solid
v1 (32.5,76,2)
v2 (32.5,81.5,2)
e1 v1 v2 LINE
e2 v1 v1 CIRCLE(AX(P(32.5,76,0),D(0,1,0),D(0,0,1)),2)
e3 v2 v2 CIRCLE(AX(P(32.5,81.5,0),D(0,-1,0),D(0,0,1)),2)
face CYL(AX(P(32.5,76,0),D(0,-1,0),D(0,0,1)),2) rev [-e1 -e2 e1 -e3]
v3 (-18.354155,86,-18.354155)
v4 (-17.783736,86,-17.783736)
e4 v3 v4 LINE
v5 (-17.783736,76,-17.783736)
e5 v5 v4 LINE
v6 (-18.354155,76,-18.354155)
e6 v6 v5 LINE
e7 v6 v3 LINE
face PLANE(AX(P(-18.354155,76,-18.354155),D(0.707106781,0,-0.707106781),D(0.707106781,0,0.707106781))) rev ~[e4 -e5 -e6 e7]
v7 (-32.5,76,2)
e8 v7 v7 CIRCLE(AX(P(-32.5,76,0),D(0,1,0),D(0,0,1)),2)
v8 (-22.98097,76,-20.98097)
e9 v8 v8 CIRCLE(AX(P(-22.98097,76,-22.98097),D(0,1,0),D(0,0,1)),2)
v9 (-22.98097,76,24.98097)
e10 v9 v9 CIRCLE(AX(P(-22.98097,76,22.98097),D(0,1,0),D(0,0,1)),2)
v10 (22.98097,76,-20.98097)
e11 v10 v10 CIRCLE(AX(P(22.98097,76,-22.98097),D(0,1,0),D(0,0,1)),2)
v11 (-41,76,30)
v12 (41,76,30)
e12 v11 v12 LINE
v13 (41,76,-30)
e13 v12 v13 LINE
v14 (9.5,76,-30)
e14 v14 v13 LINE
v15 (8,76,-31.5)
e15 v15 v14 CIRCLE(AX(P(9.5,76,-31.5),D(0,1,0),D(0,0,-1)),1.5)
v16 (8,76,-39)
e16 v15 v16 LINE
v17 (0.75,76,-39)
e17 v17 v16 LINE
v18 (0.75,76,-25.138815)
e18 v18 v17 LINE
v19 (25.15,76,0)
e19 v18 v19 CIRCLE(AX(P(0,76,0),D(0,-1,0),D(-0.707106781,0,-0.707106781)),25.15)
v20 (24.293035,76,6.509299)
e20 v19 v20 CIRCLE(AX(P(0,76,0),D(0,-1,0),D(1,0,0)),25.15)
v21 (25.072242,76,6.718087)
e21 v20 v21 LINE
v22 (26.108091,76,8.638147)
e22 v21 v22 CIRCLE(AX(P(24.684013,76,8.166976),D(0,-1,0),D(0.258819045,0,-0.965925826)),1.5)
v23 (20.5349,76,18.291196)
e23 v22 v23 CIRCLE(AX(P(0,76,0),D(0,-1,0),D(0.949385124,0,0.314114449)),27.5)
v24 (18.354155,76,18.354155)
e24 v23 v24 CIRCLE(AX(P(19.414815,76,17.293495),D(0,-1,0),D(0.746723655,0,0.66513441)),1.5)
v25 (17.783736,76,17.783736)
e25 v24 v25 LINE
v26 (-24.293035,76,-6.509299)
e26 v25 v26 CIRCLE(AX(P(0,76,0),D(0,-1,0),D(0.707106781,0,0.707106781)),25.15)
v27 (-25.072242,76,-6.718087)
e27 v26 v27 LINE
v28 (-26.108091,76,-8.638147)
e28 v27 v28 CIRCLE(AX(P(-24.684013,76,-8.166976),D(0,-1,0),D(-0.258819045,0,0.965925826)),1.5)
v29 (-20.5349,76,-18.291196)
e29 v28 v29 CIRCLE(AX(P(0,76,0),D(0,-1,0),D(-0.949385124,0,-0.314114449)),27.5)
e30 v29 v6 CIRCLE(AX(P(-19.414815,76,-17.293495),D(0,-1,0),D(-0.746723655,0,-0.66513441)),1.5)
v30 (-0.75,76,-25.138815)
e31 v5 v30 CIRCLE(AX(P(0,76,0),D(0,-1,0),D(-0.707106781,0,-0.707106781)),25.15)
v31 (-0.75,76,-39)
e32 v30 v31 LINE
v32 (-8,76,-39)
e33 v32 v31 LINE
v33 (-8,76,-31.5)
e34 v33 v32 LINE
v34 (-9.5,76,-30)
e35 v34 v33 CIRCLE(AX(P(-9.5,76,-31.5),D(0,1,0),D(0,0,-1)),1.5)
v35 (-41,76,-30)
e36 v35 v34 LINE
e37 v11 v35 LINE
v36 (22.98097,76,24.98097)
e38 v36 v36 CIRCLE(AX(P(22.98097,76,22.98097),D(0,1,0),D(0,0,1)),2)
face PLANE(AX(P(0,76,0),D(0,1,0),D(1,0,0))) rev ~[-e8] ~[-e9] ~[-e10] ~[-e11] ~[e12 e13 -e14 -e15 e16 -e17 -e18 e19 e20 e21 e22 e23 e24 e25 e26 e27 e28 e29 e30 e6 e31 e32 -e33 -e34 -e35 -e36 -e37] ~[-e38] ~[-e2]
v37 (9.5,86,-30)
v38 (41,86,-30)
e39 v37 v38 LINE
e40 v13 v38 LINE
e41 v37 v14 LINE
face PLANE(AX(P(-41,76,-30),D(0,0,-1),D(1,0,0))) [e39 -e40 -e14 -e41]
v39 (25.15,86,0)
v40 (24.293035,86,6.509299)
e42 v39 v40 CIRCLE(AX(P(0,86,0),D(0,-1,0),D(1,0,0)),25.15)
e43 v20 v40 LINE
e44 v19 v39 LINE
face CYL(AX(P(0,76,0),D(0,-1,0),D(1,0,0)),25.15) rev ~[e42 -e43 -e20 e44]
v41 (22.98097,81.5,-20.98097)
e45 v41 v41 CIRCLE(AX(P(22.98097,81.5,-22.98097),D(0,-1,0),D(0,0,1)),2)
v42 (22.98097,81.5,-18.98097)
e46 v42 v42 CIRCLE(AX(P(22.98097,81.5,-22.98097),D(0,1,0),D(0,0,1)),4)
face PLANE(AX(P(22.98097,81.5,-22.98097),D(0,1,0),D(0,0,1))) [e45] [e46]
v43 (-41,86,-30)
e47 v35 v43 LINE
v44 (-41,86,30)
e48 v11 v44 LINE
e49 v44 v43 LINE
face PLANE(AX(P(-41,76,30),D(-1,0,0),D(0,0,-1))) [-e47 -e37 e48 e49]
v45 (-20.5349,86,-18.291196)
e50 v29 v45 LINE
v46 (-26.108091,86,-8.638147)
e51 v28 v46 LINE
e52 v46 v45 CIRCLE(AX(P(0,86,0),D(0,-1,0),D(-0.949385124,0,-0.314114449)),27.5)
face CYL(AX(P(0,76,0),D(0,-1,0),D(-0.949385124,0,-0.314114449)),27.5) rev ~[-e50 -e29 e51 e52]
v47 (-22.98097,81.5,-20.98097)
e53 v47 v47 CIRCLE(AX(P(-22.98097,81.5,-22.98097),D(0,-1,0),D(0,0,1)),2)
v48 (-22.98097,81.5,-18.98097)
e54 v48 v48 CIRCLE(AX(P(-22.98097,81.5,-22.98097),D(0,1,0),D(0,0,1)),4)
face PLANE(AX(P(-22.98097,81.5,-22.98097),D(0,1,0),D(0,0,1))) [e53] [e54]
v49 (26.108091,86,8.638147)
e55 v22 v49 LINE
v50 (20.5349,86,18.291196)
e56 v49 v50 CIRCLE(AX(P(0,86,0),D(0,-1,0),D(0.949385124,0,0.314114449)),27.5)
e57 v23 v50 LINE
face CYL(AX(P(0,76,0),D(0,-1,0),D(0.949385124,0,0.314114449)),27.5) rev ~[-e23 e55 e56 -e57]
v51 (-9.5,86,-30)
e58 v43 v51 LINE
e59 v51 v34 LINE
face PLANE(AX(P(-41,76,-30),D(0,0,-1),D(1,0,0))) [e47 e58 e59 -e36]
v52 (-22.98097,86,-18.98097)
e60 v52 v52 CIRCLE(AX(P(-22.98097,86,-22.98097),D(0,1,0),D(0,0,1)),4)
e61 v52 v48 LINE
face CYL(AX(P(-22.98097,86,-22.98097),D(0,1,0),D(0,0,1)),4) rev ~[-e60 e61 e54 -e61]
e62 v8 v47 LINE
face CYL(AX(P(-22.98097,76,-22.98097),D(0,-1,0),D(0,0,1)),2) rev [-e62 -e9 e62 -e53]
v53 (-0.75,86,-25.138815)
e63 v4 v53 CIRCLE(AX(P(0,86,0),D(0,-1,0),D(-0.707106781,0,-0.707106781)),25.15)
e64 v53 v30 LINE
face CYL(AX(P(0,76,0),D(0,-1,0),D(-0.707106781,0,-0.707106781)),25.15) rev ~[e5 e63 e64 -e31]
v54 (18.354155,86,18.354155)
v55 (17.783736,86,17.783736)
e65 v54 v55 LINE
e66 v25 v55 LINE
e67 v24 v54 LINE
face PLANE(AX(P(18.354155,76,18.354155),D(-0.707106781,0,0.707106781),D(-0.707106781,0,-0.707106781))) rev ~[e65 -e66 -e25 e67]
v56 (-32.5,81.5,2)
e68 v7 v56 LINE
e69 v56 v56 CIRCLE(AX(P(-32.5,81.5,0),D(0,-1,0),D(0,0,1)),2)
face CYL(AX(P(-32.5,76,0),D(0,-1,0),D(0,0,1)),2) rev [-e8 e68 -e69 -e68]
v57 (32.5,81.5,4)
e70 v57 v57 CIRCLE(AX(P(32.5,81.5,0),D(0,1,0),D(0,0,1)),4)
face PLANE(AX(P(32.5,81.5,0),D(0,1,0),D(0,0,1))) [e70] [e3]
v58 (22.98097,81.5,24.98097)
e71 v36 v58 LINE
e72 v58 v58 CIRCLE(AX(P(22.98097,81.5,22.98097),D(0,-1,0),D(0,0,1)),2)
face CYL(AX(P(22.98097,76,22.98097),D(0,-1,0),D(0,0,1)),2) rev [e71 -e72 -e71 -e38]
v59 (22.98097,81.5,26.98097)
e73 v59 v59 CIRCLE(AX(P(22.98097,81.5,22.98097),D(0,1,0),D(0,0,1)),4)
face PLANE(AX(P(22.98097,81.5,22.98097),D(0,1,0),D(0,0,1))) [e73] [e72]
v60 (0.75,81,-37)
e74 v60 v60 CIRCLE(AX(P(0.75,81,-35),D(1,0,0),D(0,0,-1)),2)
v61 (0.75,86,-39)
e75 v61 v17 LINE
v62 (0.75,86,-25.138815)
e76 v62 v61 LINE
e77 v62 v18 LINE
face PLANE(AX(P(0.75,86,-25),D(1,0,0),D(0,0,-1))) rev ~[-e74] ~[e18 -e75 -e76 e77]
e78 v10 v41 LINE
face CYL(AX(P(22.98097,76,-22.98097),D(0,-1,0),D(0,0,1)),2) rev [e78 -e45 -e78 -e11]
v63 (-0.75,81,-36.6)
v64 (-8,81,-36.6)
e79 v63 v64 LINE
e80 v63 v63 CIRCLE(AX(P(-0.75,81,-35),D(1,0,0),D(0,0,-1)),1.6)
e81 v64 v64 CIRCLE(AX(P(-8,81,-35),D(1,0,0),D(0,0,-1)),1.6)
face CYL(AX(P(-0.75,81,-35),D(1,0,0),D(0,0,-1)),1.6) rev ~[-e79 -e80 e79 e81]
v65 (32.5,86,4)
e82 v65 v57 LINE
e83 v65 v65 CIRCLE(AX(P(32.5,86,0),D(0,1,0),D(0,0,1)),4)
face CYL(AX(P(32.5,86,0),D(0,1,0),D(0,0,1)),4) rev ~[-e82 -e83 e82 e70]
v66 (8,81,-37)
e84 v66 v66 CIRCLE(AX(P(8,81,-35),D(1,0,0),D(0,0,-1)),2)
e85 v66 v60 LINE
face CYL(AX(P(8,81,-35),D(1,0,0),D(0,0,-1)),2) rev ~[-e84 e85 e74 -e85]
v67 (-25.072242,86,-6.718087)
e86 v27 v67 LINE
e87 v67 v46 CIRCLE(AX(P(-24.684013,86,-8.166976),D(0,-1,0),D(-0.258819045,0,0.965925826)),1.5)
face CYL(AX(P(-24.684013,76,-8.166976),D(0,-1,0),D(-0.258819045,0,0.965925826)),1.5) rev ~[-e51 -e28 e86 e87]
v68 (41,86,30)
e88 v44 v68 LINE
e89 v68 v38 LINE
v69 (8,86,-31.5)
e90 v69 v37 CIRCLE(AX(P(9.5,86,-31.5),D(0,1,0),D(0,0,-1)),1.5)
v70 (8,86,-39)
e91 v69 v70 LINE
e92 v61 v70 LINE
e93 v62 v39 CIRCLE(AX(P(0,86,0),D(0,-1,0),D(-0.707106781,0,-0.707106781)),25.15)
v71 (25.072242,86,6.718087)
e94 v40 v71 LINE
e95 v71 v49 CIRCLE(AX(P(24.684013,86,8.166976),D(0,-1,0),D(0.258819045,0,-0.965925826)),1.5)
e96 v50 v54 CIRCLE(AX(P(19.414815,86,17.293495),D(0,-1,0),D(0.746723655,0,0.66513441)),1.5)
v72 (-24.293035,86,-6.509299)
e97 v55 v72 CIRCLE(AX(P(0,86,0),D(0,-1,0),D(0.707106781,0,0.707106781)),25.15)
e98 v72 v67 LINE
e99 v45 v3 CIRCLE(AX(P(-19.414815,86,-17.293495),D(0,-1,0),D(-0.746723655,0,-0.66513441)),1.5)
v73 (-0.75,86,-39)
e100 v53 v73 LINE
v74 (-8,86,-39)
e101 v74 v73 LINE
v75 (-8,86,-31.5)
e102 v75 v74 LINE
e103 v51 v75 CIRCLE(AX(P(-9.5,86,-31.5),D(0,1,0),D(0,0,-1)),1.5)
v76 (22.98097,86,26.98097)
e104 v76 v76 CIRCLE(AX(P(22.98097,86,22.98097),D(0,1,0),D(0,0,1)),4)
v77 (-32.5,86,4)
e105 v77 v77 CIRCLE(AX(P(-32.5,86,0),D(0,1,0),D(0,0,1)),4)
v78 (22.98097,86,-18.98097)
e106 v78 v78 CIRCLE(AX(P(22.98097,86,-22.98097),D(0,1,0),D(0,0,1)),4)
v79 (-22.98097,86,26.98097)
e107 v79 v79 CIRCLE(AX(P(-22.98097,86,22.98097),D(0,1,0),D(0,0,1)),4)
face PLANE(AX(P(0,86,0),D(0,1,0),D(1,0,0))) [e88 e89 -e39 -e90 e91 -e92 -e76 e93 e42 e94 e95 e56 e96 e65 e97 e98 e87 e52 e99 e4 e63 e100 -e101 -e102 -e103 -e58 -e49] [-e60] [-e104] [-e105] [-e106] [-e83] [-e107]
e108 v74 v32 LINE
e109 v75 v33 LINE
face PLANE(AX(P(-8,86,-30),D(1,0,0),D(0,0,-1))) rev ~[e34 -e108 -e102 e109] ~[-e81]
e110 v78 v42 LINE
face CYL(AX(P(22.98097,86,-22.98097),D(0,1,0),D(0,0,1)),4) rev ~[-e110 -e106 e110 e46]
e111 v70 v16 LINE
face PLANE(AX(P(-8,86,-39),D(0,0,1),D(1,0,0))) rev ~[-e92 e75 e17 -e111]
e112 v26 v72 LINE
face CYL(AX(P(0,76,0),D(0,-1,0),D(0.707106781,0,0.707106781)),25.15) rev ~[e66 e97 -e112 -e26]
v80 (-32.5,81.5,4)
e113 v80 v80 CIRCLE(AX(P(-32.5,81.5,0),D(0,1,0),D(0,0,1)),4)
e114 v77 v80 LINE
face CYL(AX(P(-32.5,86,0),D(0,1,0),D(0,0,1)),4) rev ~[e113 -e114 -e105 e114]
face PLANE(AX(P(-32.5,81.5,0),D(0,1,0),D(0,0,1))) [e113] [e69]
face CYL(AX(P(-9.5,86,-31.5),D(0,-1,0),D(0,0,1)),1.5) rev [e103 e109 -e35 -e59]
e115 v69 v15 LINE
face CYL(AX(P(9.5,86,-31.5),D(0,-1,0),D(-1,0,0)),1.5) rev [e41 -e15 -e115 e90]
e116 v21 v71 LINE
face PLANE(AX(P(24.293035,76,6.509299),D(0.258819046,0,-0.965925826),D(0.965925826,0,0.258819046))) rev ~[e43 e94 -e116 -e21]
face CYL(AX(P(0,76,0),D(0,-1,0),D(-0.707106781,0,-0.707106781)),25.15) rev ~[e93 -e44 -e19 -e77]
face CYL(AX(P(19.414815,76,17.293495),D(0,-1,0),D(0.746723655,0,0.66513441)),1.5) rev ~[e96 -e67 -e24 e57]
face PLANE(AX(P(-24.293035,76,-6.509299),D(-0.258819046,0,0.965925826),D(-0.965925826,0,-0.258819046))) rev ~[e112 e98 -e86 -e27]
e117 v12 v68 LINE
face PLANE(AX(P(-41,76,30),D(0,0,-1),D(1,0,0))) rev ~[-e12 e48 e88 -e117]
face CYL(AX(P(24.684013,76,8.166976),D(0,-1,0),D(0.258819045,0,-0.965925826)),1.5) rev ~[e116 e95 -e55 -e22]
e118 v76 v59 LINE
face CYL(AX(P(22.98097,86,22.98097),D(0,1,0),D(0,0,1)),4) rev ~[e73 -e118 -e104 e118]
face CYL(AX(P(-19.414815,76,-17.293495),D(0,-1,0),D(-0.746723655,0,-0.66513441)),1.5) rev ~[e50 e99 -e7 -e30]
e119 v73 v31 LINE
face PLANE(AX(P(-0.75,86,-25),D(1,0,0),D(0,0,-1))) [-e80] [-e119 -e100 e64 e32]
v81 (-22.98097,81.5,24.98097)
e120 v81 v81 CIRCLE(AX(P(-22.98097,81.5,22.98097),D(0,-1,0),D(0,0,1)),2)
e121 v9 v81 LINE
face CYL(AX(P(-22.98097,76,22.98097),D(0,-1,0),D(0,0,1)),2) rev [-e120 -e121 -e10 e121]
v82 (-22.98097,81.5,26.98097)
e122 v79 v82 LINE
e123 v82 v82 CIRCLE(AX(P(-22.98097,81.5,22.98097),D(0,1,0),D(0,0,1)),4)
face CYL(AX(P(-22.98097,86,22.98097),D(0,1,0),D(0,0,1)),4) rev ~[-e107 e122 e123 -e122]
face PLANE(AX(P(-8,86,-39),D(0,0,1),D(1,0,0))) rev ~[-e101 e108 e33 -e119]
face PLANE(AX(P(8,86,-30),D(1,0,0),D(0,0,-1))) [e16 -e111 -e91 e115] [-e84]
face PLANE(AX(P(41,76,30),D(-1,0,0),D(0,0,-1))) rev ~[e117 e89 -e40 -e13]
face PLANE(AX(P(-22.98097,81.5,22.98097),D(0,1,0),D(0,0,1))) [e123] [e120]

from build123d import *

# Parameters (mm, degrees)
SKETCH1_W           = 82
SKETCH1_H           = 60
SKETCH1_R           = 1.999999999
SKETCH1_R_2         = 2.000000001
SKETCH1_R_3         = 1.999999998
SKETCH1_R_4         = 2.000000002
BOSS_EXTRUDE1_DEPTH = 10
SKETCH2_W           = 16
SKETCH2_H           = 9
BOSS_EXTRUDE2_DEPTH = 10
SKETCH3_W           = 1.5
SKETCH3_H           = 14
CUT_EXTRUDE1_DEPTH  = 10
SKETCH4_R           = 2
CUT_EXTRUDE2_DEPTH  = 7.25
SKETCH5_R           = 1.6
CUT_EXTRUDE3_DEPTH  = 10
SKETCH7_R           = 4.000000002
SKETCH7_R_2         = 4.000000001
SKETCH7_R_3         = 4
SKETCH7_R_4         = 3.999999999
SKETCH7_R_5         = 3.999999998
CUT_EXTRUDE4_DEPTH  = 4.5
FILLET1_R           = 1.5


with BuildPart() as part:
    # Sketch1 → Boss-Extrude1 (new body)
    with BuildSketch(Plane(origin=(0, 76, 0), x_dir=(1, 0, 0), z_dir=(0, 1, 0))):
        Rectangle(SKETCH1_W, SKETCH1_H)
        with Locations(Location((-22.980970387, -22.98097039, 0), (0, 0, 270))):
            Circle(SKETCH1_R, mode=Mode.SUBTRACT)
        with Locations(Location((-32.5, -2e-09, 0), (0, 0, 270))):
            Circle(SKETCH1_R_2, mode=Mode.SUBTRACT)
        with Locations(Location((22.98097039, -22.980970387, 0), (0, 0, 270))):
            Circle(SKETCH1_R_3, mode=Mode.SUBTRACT)
        with BuildLine():
            ThreePointArc((-20.534900496, 18.291196287), (-19.458102274, 18.792869946), (-18.354154843, 18.354154843))
            Line((-18.354154843, 18.354154843), (-17.783735547, 17.783735547))
            ThreePointArc((-17.783735547, 17.783735547), (9.624488324, 23.235570243), (25.15, 0))
            ThreePointArc((25.15, 0), (24.934838264, -3.282733734), (24.293034531, -6.509298984))
            Line((24.293034531, -6.509298984), (25.072241781, -6.718086938))
            ThreePointArc((25.072241781, -6.718086938), (26.00415392, -7.454775906), (26.108090898, -8.638147351))
            ThreePointArc((26.108090898, -8.638147351), (23.815698604, -13.75), (20.534900496, -18.291196287))
            ThreePointArc((20.534900496, -18.291196287), (19.458102274, -18.792869946), (18.354154843, -18.354154843))
            Line((18.354154843, -18.354154843), (17.783735547, -17.783735547))
            ThreePointArc((17.783735547, -17.783735547), (-12.575, -21.780538905), (-24.293034531, 6.509298984))
            Line((-24.293034531, 6.509298984), (-25.072241781, 6.718086938))
            ThreePointArc((-25.072241781, 6.718086938), (-26.00415392, 7.454775906), (-26.108090898, 8.638147351))
            ThreePointArc((-26.108090898, 8.638147351), (-23.815698604, 13.75), (-20.534900496, 18.291196287))
        make_face(mode=Mode.SUBTRACT)
        with Locations(Location((-22.98097039, 22.980970387, 0), (0, 0, 270))):
            Circle(SKETCH1_R_4, mode=Mode.SUBTRACT)
        with Locations(Location((32.5, 2e-09, 0), (0, 0, 270))):
            Circle(SKETCH1_R, mode=Mode.SUBTRACT)
        with Locations(Location((22.980970387, 22.98097039, 0), (0, 0, 270))):
            Circle(SKETCH1_R_2, mode=Mode.SUBTRACT)
    extrude(amount=BOSS_EXTRUDE1_DEPTH)

    # Sketch2 → Boss-Extrude2 (add)
    with BuildSketch(Plane(origin=(0, 86, 0), x_dir=(1, 0, 0), z_dir=(0, 1, 0))):
        with Locations((0, 34.5)):
            Rectangle(SKETCH2_W, SKETCH2_H)
    extrude(amount=-BOSS_EXTRUDE2_DEPTH)

    # Sketch3 → Cut-Extrude1 (cut)
    with BuildSketch(Plane(origin=(0, 86, 0), x_dir=(1, 0, 0), z_dir=(0, 1, 0))):
        with Locations((0, 32)):
            Rectangle(SKETCH3_W, SKETCH3_H)
    extrude(amount=-CUT_EXTRUDE1_DEPTH, mode=Mode.SUBTRACT)

    # Sketch4 → Cut-Extrude2 (cut)
    with BuildSketch(Plane(origin=(8, 0, 0), x_dir=(0, 0, -1), z_dir=(1, 0, 0))):
        with Locations((35, 81)):
            Circle(SKETCH4_R)
    extrude(amount=-CUT_EXTRUDE2_DEPTH, mode=Mode.SUBTRACT)

    # Sketch5 → Cut-Extrude3 (cut)
    with BuildSketch(Plane(origin=(-0.75, 0, 0), x_dir=(0, 0, -1), z_dir=(1, 0, 0))):
        with Locations((35, 81)):
            Circle(SKETCH5_R)
    extrude(amount=-CUT_EXTRUDE3_DEPTH, mode=Mode.SUBTRACT)

    # Sketch7 → Cut-Extrude4 (cut)
    with BuildSketch(Plane(origin=(0, 86, 0), x_dir=(1, 0, 0), z_dir=(0, 1, 0))):
        with Locations(Location((-22.98097039, 22.980970387, 0), (0, 0, 270))):
            Circle(SKETCH7_R)
        with Locations(Location((22.980970387, 22.98097039, 0), (0, 0, 270))):
            Circle(SKETCH7_R_2)
        with Locations(Location((32.5, 0, 0), (0, 0, 270))):
            Circle(SKETCH7_R_3)
        with Locations(Location((-32.5, 0, 0), (0, 0, 270))):
            Circle(SKETCH7_R_3)
        with Locations(Location((-22.980970387, -22.98097039, 0), (0, 0, 270))):
            Circle(SKETCH7_R_4)
        with Locations(Location((22.98097039, -22.980970387, 0), (0, 0, 270))):
            Circle(SKETCH7_R_5)
    extrude(amount=-CUT_EXTRUDE4_DEPTH, mode=Mode.SUBTRACT)

    # Fillet1
    fillet1_edges = [part.edges().sort_by_distance(p)[0] for p in [
        (8, 81, -30),
        (-8, 81, -30),
    ]]
    fillet(fillet1_edges, radius=FILLET1_R)


solid = part.part
